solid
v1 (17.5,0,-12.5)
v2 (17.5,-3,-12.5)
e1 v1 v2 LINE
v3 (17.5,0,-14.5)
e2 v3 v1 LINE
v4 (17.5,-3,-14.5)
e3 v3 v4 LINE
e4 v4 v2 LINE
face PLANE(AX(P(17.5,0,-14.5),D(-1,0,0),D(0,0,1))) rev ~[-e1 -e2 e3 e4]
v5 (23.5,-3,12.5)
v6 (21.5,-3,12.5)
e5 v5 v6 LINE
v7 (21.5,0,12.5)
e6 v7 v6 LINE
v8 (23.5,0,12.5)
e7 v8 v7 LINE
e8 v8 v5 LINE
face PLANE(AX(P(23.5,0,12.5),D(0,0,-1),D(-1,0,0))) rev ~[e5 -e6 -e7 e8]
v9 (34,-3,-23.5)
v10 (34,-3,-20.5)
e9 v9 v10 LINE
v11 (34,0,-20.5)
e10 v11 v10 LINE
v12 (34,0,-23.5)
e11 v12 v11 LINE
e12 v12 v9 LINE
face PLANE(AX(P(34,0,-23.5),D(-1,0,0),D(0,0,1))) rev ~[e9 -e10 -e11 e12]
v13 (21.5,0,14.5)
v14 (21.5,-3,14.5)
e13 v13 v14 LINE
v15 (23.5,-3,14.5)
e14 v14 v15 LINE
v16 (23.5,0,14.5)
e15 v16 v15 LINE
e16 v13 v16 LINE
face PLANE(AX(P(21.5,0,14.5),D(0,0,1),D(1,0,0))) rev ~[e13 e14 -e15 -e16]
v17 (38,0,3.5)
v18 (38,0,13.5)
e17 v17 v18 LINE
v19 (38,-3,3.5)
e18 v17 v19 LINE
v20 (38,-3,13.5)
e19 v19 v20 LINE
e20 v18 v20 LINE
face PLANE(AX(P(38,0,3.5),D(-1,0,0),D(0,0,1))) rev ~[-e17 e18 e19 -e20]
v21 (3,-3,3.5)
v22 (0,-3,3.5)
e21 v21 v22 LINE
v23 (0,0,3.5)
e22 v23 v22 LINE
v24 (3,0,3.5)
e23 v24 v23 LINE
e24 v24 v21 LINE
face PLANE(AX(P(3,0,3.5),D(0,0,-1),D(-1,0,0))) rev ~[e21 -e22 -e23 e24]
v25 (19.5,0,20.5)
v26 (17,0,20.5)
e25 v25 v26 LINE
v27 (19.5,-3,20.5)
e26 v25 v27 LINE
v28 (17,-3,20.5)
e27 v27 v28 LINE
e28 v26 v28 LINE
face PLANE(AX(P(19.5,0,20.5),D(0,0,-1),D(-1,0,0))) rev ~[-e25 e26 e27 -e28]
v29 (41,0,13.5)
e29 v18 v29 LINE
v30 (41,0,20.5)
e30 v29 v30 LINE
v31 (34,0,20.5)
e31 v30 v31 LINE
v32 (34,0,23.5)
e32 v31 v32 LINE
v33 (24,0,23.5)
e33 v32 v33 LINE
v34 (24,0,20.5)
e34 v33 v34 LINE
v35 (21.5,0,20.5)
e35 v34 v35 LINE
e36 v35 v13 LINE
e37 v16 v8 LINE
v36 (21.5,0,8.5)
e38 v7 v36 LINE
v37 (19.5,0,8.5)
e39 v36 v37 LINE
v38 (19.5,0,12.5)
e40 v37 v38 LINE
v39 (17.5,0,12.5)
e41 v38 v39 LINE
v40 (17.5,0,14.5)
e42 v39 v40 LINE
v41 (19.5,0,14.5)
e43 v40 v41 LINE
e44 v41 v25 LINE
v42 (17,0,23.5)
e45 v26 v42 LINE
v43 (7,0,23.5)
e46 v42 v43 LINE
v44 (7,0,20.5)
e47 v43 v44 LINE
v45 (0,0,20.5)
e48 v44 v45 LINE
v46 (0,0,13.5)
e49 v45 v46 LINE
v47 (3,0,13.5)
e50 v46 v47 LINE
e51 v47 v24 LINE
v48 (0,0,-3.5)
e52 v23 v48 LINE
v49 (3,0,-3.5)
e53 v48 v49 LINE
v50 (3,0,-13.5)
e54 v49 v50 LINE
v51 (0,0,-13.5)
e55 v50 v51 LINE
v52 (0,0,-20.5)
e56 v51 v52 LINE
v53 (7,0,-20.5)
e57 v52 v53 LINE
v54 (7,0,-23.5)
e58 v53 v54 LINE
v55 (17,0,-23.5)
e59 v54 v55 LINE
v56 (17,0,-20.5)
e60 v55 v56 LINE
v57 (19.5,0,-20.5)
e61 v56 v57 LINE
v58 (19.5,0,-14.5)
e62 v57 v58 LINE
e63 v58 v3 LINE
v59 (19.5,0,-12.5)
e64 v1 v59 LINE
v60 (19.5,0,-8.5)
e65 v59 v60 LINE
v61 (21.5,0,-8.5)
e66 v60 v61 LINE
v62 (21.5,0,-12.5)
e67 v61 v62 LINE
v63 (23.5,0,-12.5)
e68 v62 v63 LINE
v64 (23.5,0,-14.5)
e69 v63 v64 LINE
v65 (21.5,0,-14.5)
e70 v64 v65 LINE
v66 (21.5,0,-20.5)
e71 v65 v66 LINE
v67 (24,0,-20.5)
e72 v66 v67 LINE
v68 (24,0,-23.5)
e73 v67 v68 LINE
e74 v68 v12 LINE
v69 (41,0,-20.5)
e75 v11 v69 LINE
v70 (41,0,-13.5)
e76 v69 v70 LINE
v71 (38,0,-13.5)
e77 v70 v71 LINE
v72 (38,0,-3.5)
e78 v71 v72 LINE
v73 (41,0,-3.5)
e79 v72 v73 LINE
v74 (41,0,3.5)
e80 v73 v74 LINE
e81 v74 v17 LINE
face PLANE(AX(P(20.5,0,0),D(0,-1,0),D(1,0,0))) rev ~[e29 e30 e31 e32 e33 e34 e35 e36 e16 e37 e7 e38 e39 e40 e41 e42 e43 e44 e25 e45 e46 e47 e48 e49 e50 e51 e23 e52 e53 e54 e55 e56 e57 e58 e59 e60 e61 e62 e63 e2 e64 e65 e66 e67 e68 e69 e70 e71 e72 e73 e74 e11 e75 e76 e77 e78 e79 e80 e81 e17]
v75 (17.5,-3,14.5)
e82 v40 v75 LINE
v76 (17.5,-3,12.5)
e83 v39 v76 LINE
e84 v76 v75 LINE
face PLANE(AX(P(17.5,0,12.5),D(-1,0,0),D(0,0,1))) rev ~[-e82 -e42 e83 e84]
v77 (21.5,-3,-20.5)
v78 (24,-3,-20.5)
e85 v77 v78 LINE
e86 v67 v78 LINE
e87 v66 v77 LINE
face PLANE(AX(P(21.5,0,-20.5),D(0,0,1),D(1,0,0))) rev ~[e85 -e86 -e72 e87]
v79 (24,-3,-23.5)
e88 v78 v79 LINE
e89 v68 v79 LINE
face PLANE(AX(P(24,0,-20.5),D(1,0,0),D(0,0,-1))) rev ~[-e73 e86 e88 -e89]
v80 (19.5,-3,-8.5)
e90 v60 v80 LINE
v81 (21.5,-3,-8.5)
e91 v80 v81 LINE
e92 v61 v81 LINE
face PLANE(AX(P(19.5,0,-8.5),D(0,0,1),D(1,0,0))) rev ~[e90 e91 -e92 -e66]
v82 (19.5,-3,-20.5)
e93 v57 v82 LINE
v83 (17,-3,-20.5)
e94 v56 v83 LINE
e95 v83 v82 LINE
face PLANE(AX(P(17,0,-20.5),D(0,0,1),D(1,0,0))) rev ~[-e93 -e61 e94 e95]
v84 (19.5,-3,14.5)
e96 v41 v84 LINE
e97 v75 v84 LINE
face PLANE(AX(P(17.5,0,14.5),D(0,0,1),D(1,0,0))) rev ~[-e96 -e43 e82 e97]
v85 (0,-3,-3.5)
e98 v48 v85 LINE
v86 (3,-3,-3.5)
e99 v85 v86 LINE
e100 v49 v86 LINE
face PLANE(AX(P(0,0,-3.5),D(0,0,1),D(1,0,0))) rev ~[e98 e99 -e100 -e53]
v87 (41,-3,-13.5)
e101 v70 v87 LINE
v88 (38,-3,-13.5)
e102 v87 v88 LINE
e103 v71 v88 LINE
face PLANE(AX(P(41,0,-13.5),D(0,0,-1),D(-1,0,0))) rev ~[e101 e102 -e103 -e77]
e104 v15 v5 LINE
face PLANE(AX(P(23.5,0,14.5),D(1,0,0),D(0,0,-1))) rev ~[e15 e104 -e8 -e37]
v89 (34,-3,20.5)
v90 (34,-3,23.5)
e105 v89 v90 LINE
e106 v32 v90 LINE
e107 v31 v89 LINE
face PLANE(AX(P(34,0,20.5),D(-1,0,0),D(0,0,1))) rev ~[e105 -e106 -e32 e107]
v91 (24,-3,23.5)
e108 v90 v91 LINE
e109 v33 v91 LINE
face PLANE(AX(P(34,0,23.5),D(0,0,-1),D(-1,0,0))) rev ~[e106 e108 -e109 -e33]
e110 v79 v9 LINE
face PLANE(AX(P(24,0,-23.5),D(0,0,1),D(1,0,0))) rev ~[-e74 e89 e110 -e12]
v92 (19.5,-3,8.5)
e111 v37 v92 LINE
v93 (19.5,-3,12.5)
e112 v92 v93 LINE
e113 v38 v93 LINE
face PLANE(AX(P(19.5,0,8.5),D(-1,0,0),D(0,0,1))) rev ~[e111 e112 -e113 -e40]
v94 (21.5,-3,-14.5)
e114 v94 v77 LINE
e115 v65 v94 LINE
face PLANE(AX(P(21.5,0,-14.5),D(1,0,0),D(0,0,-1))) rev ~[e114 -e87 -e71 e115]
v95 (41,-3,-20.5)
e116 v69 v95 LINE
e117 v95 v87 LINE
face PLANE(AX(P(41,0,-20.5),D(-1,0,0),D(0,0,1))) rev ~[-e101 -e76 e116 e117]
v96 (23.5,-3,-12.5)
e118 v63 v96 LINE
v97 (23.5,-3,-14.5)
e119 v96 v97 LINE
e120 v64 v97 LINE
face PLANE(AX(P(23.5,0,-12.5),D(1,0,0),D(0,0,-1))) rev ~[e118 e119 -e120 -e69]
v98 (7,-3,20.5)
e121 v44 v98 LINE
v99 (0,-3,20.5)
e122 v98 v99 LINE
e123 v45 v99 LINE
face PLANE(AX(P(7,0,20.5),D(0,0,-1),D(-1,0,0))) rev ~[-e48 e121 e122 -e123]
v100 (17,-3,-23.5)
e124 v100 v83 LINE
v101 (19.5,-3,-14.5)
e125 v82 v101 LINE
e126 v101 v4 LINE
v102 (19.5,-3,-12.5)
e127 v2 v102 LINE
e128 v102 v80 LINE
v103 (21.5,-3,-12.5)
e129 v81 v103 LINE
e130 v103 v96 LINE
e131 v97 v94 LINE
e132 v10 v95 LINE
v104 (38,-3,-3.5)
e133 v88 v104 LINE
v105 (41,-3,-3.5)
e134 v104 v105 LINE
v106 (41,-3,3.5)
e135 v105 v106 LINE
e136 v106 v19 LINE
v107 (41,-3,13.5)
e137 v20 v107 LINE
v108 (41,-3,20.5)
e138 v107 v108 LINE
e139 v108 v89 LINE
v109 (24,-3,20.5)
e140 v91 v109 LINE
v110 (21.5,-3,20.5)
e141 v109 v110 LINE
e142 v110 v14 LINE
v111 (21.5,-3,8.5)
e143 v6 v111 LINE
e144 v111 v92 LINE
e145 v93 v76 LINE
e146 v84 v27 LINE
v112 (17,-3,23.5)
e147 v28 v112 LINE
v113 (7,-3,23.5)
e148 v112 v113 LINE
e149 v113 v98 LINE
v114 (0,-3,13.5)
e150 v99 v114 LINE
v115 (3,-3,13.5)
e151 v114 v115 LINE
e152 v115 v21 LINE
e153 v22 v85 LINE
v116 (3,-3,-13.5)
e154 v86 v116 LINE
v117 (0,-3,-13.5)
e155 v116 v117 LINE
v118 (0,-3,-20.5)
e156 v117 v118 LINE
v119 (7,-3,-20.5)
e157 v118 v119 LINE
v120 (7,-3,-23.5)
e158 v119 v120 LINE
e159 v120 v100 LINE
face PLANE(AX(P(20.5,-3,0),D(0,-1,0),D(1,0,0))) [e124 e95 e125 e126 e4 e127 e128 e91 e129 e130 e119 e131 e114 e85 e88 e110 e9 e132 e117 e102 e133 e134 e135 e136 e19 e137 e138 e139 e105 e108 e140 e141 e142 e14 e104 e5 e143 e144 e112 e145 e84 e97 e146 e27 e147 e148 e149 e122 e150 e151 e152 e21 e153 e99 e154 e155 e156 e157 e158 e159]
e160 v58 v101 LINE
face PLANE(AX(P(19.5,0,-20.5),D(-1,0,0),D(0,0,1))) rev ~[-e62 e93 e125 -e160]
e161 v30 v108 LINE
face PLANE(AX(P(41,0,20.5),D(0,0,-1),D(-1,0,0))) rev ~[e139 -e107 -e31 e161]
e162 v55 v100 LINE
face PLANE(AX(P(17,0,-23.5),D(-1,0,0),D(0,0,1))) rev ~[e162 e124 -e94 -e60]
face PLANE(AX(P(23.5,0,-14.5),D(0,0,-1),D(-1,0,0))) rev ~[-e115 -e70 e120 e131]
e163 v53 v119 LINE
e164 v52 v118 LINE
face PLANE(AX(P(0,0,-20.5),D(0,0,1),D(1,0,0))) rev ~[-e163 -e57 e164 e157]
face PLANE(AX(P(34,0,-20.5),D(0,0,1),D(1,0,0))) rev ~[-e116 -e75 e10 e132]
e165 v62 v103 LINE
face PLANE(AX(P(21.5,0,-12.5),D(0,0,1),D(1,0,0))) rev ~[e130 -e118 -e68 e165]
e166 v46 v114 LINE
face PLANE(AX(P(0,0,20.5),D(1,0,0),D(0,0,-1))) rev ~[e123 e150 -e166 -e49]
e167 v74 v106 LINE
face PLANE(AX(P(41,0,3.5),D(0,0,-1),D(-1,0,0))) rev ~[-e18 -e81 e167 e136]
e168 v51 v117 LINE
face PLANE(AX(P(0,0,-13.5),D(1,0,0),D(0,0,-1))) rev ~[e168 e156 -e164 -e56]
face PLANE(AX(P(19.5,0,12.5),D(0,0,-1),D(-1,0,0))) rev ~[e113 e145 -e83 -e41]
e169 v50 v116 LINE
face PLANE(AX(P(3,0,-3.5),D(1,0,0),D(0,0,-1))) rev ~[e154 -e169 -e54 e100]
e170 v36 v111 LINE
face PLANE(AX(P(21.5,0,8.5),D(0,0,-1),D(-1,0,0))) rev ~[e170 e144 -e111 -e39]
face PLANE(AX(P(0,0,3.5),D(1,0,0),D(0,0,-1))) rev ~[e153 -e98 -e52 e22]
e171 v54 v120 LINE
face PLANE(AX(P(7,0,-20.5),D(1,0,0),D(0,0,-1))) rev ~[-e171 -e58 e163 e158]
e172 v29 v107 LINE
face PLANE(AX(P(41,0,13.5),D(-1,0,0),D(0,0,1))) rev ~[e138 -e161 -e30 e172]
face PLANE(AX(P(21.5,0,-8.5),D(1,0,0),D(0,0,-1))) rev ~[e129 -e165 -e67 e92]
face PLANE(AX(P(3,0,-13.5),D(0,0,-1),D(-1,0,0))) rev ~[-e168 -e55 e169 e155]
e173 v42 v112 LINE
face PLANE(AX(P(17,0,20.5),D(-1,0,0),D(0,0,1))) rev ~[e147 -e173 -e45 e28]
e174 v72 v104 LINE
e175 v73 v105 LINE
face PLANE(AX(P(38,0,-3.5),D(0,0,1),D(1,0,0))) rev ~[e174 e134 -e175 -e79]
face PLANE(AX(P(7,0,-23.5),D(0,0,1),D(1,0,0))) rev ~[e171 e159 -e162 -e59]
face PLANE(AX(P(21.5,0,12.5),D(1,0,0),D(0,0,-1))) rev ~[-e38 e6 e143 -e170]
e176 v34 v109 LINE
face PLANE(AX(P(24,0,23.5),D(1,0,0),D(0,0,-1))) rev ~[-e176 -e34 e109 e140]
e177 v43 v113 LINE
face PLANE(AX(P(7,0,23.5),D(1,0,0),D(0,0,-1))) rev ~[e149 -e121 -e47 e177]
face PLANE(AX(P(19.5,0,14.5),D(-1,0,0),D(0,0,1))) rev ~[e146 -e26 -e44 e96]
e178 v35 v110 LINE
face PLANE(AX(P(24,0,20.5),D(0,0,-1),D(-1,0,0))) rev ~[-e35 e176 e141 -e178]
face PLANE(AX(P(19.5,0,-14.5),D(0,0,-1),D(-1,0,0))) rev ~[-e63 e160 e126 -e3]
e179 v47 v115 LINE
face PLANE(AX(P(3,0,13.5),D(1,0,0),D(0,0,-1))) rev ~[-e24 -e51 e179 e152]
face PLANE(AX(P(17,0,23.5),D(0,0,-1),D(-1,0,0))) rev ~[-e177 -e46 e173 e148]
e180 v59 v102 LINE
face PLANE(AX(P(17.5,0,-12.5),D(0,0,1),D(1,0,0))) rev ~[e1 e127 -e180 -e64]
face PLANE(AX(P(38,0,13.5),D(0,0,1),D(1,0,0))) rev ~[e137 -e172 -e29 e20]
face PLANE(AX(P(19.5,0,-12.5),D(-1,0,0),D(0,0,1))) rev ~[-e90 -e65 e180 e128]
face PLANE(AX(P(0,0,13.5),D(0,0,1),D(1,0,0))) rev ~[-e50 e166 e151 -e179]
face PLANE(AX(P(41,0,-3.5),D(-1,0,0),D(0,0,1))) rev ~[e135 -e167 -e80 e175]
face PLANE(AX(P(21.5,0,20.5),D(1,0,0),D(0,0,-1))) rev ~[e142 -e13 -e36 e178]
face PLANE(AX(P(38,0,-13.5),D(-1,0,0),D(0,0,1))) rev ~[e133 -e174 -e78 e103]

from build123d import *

# Parameters (mm, degrees)
F1_DEPTH = 3


with BuildPart() as f1:
    # F0 (on Front) → F1 (new body)
    with BuildSketch(Plane.XZ):
        Polygon((0, 3.5), (0, 0), (0, -3.5), (3, -3.5), (3, -13.5), (0, -13.5), (0, -20.5), (7, -20.5), (7, -23.5), (17, -23.5), (17, -20.5), (19.5, -20.5), (19.5, -14.5), (17.5, -14.5), (17.5, -12.5), (19.5, -12.5), (19.5, -8.5), (21.5, -8.5), (21.5, -12.5), (23.5, -12.5), (23.5, -14.5), (21.5, -14.5), (21.5, -20.5), (24, -20.5), (24, -23.5), (34, -23.5), (34, -20.5), (41, -20.5), (41, -13.5), (38, -13.5), (38, -3.5), (41, -3.5), (41, 0), (41, 3.5), (38, 3.5), (38, 13.5), (41, 13.5), (41, 20.5), (34, 20.5), (34, 23.5), (24, 23.5), (24, 20.5), (21.5, 20.5), (21.5, 14.5), (23.5, 14.5), (23.5, 12.5), (21.5, 12.5), (21.5, 8.5), (19.5, 8.5), (19.5, 12.5), (17.5, 12.5), (17.5, 14.5), (19.5, 14.5), (19.5, 20.5), (17, 20.5), (17, 23.5), (7, 23.5), (7, 20.5), (0, 20.5), (0, 13.5), (3, 13.5), (3, 3.5), align=None)
    extrude(amount=F1_DEPTH)


solid = f1.part
